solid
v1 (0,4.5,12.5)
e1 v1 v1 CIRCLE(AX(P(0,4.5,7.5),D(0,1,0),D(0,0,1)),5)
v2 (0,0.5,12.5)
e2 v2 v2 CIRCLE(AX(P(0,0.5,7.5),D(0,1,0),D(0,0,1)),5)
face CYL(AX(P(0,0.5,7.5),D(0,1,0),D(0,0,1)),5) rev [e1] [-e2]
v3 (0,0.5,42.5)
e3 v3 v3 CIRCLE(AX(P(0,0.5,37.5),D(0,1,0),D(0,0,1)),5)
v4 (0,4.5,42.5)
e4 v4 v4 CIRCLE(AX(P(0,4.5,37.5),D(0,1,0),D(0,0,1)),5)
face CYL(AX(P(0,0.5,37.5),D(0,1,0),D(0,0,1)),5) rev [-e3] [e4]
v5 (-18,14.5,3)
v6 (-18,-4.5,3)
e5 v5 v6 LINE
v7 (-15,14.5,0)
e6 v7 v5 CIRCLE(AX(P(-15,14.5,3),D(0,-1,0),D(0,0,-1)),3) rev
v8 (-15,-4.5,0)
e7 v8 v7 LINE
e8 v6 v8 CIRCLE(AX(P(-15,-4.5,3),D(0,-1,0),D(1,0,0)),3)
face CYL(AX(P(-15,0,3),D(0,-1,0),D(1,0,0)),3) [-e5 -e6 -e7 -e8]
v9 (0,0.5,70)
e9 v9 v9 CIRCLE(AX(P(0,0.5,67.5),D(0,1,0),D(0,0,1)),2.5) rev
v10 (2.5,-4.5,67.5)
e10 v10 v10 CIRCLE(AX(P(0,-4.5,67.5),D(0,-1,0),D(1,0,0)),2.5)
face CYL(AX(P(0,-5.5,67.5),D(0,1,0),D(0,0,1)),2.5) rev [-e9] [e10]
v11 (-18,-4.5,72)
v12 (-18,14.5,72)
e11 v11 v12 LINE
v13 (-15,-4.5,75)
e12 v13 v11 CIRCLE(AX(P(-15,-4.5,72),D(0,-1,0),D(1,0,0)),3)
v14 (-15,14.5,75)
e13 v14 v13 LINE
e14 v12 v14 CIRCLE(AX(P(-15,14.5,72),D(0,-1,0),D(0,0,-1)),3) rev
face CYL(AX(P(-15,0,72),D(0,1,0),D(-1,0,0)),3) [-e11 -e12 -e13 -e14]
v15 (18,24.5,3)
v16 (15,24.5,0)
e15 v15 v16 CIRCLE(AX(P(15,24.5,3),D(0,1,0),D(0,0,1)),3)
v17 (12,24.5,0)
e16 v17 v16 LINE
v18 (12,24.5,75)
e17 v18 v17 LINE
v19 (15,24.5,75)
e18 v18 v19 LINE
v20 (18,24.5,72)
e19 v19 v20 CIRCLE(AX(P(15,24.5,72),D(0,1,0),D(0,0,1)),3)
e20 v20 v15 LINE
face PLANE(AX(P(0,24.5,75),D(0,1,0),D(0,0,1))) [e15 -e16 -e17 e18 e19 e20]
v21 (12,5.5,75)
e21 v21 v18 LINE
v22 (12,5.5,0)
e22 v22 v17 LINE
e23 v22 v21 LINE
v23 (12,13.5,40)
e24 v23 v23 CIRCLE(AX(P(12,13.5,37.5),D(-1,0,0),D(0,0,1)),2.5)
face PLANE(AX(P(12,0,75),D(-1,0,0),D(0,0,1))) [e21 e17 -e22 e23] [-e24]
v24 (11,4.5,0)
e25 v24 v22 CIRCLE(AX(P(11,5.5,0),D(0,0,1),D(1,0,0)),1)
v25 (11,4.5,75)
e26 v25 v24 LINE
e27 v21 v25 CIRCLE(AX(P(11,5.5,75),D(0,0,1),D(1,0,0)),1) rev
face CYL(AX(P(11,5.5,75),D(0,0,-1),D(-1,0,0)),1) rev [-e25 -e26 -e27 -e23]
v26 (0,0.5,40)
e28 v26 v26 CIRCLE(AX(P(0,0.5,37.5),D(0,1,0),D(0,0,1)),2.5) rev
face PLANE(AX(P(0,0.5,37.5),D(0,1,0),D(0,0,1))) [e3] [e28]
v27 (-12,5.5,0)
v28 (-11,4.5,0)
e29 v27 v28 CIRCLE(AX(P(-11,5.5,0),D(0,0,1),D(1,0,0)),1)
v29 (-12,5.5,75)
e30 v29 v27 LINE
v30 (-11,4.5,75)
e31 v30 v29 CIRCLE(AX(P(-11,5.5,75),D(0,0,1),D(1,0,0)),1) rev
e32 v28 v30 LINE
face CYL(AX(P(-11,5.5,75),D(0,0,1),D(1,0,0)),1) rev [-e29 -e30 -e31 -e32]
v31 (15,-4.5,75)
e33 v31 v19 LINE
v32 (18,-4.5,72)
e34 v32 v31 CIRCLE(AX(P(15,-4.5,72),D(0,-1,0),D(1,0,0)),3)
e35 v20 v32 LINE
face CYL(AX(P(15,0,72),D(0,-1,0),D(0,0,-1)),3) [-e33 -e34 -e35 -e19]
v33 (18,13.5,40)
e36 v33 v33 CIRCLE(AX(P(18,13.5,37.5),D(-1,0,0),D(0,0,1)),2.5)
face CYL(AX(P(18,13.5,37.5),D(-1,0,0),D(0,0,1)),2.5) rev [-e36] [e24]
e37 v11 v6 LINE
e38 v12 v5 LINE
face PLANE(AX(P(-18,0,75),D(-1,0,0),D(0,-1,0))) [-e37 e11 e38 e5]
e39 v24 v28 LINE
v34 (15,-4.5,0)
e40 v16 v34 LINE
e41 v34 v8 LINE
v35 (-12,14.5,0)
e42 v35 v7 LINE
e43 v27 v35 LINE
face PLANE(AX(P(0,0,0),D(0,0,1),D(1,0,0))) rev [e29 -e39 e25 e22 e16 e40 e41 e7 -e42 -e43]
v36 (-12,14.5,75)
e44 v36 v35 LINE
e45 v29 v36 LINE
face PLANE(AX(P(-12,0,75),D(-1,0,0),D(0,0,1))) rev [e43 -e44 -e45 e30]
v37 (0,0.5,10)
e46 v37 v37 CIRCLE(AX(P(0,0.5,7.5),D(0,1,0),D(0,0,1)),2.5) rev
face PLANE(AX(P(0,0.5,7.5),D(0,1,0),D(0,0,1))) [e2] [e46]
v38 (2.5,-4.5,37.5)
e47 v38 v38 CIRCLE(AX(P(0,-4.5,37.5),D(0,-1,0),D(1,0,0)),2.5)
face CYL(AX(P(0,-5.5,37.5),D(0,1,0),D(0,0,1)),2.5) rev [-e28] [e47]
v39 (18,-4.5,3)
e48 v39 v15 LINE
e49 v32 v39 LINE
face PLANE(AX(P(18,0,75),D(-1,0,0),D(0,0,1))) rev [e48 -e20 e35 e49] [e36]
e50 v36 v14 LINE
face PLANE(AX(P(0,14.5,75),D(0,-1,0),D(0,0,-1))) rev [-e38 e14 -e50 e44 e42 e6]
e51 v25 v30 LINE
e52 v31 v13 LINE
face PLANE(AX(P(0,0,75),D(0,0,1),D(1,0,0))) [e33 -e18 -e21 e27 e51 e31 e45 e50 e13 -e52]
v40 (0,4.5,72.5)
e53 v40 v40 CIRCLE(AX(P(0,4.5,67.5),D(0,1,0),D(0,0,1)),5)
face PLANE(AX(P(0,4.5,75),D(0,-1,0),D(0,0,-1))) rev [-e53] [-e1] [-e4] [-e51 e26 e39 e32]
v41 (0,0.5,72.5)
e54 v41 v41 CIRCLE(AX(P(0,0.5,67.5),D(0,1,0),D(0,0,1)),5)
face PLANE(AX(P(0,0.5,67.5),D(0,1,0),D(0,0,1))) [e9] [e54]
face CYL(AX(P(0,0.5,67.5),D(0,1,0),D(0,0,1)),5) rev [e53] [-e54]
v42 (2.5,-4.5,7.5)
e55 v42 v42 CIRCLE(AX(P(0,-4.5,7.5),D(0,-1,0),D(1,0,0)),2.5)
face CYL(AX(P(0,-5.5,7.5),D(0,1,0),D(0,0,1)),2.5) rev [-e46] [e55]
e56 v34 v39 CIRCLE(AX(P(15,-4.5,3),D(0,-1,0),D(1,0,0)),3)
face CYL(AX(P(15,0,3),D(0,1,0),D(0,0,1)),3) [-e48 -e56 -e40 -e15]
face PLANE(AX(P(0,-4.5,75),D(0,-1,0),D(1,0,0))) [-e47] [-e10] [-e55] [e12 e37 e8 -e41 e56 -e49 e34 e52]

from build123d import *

# Parameters (mm, degrees)
SKETCH1_W           = 24
SKETCH1_H           = 9
BOSS_EXTRUDE1_DEPTH = 75
FILLET1_R           = 1
FILLET2_R           = 3
SKETCH2_R           = 2.5
CUT_EXTRUDE1_DEPTH  = 6
SKETCH3_R           = 2.5
CUT_EXTRUDE2_DEPTH  = 10
SKETCH4_R           = 5
CUT_EXTRUDE3_DEPTH  = 4


with BuildPart() as part:
    # Sketch1 → Boss-Extrude1 (new body)
    with BuildSketch(Plane.XY):
        Polygon((-18, -4.5), (-12, -4.5), (-12, 4.5), (-12, 14.5), (-18, 14.5), align=None)
        Rectangle(SKETCH1_W, SKETCH1_H)
        Polygon((12, 4.5), (12, -4.5), (18, -4.5), (18, 24.5), (12, 24.5), align=None)
    extrude(amount=BOSS_EXTRUDE1_DEPTH)

    # Fillet1
    fillet1_edges = [part.edges().sort_by_distance(p)[0] for p in [
        (-12, 4.5, 37.5),
        (12, 4.5, 37.5),
    ]]
    fillet(fillet1_edges, radius=FILLET1_R)

    # Fillet2
    fillet2_edges = [part.edges().sort_by_distance(p)[0] for p in [
        (18, 10, 0),
        (-18, 5, 0),
        (18, 10, 75),
        (-18, 5, 75),
    ]]
    fillet(fillet2_edges, radius=FILLET2_R)

    # Sketch2 → Cut-Extrude1 (cut)
    with BuildSketch(Plane.ZY.offset(-12)):
        with Locations((37.5, 13.5)):
            Circle(SKETCH2_R)
    extrude(amount=-CUT_EXTRUDE1_DEPTH, mode=Mode.SUBTRACT)

    # Sketch3 → Cut-Extrude2 (cut)
    with BuildSketch(Plane(origin=(0, 4.5, 0), x_dir=(1, 0, 0), z_dir=(0, 1, 0))):
        with Locations(Location((0, -37.5, 0), (0, 0, 270))):
            Circle(SKETCH3_R)
        with Locations(Location((0, -7.5, 0), (0, 0, 270))):
            Circle(SKETCH3_R)
        with Locations(Location((0, -67.5, 0), (0, 0, 270))):
            Circle(SKETCH3_R)
    extrude(amount=-CUT_EXTRUDE2_DEPTH, mode=Mode.SUBTRACT)

    # Sketch4 → Cut-Extrude3 (cut)
    with BuildSketch(Plane(origin=(0, 4.5, 0), x_dir=(1, 0, 0), z_dir=(0, 1, 0))):
        with Locations(Location((0, -7.5, 0), (0, 0, 270))):
            Circle(SKETCH4_R)
        with Locations(Location((0, -37.5, 0), (0, 0, 270))):
            Circle(SKETCH4_R)
        with Locations(Location((0, -67.5, 0), (0, 0, 270))):
            Circle(SKETCH4_R)
    extrude(amount=-CUT_EXTRUDE3_DEPTH, mode=Mode.SUBTRACT)


solid = part.part
